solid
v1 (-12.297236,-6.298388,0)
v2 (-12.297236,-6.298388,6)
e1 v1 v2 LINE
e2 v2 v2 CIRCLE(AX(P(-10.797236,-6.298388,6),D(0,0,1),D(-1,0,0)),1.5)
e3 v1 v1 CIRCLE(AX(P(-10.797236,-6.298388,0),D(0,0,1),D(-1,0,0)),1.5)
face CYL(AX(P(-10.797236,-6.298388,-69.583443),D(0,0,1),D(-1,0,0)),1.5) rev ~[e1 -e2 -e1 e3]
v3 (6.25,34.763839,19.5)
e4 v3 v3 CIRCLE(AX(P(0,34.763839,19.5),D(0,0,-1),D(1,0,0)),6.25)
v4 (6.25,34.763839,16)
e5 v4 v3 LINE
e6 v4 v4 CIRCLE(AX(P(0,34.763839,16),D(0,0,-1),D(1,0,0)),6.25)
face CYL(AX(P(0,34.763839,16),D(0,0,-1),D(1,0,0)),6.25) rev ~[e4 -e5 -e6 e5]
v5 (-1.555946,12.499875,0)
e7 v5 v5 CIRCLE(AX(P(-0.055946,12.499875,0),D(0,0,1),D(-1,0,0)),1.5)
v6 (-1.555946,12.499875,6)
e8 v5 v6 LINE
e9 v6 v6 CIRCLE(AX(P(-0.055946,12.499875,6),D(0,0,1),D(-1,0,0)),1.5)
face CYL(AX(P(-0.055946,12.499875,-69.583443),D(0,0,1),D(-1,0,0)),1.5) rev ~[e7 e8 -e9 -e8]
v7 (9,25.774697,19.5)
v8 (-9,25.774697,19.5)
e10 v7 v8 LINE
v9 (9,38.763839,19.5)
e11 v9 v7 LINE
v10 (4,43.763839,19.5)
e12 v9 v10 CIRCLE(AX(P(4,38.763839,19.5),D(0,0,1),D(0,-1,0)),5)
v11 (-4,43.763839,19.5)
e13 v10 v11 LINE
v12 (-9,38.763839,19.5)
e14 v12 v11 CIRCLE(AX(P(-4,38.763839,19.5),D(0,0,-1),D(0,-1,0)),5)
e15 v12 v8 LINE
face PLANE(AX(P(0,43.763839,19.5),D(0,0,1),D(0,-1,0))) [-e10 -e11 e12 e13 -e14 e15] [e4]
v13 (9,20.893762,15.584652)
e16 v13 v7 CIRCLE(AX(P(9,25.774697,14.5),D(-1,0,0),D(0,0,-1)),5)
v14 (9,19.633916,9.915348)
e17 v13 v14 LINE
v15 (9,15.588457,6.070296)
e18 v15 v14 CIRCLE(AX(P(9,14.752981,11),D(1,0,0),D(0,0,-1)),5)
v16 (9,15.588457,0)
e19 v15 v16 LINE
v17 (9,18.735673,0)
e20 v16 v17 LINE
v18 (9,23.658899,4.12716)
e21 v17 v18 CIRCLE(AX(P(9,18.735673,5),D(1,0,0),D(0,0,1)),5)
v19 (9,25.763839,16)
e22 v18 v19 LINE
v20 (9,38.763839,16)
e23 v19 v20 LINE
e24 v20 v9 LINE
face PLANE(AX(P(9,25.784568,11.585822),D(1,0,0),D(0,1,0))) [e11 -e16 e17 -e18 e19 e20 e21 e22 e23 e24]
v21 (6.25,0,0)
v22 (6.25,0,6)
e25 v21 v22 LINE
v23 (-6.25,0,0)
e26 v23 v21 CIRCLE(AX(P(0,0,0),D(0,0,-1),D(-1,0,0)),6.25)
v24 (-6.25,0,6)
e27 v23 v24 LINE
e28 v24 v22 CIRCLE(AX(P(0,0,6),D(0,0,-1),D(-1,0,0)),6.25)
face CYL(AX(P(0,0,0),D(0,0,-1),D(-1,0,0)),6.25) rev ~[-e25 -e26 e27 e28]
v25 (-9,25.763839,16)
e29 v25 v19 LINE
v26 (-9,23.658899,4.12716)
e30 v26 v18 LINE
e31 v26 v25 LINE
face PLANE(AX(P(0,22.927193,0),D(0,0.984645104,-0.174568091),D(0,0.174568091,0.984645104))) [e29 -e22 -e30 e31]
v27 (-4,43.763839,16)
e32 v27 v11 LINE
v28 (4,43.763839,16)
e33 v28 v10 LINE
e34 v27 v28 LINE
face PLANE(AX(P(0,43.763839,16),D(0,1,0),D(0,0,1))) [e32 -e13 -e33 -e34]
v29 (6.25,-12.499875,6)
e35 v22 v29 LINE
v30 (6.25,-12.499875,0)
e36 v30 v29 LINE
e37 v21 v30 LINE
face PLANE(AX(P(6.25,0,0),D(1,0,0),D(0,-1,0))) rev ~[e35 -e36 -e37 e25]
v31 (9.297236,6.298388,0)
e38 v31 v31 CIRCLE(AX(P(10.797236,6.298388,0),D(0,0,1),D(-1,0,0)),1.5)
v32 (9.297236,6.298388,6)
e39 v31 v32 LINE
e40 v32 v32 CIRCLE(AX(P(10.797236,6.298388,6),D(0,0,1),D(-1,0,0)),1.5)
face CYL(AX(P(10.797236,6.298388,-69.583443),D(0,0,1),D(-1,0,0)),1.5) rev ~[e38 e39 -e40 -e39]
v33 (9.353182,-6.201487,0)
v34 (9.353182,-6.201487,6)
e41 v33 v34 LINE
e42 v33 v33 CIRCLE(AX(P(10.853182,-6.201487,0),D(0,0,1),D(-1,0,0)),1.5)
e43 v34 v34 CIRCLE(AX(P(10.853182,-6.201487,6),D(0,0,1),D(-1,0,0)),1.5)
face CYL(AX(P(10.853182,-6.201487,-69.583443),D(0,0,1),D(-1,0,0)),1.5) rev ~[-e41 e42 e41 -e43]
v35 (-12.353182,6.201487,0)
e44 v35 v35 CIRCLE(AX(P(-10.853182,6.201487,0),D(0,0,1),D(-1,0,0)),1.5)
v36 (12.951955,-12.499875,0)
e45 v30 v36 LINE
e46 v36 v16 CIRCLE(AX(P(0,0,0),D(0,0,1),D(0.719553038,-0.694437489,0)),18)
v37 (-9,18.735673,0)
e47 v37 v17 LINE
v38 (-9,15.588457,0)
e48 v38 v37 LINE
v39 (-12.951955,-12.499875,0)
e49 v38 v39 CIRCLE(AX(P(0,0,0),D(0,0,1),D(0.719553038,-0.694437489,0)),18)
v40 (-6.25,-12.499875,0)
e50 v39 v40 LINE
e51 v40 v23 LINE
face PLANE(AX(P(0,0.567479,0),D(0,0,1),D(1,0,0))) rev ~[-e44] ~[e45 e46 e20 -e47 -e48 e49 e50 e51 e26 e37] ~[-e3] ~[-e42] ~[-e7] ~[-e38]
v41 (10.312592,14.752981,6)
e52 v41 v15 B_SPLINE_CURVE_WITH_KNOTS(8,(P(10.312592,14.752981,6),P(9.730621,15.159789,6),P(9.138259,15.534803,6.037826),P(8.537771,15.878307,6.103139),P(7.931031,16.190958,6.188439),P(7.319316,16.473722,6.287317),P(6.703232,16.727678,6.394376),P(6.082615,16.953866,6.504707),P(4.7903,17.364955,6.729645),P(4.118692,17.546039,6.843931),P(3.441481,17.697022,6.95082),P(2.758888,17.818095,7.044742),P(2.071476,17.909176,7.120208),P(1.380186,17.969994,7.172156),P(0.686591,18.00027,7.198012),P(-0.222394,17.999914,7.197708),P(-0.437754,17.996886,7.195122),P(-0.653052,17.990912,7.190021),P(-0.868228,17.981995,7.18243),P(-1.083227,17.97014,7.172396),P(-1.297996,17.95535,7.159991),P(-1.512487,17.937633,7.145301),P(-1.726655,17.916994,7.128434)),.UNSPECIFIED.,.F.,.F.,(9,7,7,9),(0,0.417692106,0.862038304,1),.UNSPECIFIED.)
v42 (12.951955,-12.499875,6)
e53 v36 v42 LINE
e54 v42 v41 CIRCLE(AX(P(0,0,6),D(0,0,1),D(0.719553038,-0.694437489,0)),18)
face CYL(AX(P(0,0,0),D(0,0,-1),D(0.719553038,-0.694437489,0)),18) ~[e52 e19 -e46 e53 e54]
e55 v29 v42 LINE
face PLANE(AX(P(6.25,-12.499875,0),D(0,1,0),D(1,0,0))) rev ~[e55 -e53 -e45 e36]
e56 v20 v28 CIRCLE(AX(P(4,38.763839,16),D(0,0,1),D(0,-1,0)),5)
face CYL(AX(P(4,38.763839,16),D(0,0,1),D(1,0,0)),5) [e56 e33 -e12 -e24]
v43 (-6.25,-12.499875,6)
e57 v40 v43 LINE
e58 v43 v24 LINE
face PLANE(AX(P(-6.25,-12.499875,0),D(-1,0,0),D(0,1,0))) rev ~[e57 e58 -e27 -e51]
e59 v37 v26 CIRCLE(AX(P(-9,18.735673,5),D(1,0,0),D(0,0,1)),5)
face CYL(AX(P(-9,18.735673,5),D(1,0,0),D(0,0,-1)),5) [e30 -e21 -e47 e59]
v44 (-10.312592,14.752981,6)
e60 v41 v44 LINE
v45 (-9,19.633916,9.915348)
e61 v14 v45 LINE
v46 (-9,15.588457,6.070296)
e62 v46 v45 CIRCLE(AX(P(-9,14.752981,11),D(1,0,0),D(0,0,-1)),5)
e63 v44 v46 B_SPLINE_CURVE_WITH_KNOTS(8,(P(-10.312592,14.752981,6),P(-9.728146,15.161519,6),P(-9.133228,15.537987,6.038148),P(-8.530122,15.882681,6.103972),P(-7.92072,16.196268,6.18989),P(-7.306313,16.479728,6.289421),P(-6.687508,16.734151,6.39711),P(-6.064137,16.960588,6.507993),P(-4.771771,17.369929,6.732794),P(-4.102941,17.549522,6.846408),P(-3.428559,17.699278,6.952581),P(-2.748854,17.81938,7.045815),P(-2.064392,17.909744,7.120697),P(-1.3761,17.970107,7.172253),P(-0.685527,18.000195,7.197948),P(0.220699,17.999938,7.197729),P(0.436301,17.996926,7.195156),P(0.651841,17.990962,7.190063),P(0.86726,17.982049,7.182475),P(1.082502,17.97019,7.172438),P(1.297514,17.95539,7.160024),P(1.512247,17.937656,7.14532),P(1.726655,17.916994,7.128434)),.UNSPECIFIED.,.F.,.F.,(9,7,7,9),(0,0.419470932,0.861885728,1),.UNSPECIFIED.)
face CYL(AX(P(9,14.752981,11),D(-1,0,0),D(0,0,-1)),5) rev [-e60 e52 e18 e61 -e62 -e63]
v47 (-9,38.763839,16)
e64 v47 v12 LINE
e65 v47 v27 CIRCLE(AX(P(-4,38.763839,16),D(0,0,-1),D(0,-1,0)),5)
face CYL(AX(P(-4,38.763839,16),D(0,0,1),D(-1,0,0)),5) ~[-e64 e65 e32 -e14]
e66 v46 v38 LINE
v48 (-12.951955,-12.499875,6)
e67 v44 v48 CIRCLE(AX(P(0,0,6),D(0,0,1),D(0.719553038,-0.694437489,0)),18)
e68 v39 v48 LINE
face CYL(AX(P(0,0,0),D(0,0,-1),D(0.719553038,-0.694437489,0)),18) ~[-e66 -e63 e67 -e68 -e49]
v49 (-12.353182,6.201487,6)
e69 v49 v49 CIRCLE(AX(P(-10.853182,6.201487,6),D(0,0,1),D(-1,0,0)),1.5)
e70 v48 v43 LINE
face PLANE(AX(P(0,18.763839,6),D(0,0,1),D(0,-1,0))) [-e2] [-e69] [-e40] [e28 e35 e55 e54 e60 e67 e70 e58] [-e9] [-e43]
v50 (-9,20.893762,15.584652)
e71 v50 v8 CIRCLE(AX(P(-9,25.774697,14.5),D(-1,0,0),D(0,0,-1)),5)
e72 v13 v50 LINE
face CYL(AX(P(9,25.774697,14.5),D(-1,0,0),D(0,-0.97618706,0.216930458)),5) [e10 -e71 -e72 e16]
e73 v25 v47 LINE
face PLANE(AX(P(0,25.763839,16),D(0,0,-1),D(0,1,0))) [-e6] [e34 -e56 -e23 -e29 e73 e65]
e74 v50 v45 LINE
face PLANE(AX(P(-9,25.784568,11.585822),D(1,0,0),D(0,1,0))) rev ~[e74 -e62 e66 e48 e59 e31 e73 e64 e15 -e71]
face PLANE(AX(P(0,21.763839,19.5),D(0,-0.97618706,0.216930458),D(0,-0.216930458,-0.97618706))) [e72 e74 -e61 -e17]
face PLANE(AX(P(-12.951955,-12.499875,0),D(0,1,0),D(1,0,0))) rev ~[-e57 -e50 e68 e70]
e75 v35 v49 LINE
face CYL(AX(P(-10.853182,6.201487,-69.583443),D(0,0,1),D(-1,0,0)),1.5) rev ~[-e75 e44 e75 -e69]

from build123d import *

# Parameters (mm, degrees)
F1_DEPTH      = 6
F3_DEPTH      = 9
F3_DEPTH_BACK = 9
F4_R          = 6.25
F5_DEPTH      = 25
F6_D          = 3
F7_R          = 5


with BuildPart() as f1:
    # F0 (on Top) → F1 (new body)
    with BuildSketch(Plane.XY):
        with BuildLine():
            Line((6.25, -12.4998748011), (12.9519546771, -12.4998748011))
            ThreePointArc((12.9519546771, -12.4998748011), (0, 18), (-12.9519546771, -12.4998748011))
            Line((-12.9519546771, -12.4998748011), (-6.25, -12.4998748011))
            Line((-6.25, -12.4998748011), (-6.25, 0))
            ThreePointArc((-6.25, 0), (0, 6.25), (6.25, 0))
            Line((6.25, 0), (6.25, -12.4998748011))
        make_face()
    extrude(amount=F1_DEPTH)

    # F2 (on Right) → F3 (join, two sides)
    with BuildSketch(Plane.YZ) as f3_sk:
        Polygon((11.0055337464, 0), (22.9271929711, 0), (25.7638388276, 16), (43.7638388276, 16), (43.7638388276, 19.5), (21.7638388276, 19.5), (18.7638388276, 6), (11.0055337464, 6), align=None)
    extrude(amount=F3_DEPTH)
    extrude(f3_sk.sketch, amount=-F3_DEPTH_BACK)

    # F4 (on face) → F5 (cut)
    with BuildSketch(Plane(origin=(0, 0, 16), x_dir=(1, 0, 0), z_dir=(0, 0, -1))):
        with Locations((0, -34.7638388276)):
            Circle(F4_R)
    extrude(amount=-F5_DEPTH, mode=Mode.SUBTRACT)

    # F6 (through all)
    with Locations(Plane(origin=(0, 0, 0), x_dir=(1, 0, 0), z_dir=(0, 0, -1))):
        with Locations((10.7972361083, -6.2983880813), (10.8531821354, 6.2014867198), (-0.0559460271, -12.4998748011), (-10.8531821354, -6.2014867198), (-10.7972361083, 6.2983880813)):
            Hole(F6_D / 2)

    # F7
    f7_edges = [f1.edges().sort_by_distance(p)[0] for p in [
        (0, 18.763839, 6),
        (0, 21.763839, 19.5),
        (0, 22.927193, 0),
        (-9, 43.763839, 17.75),
        (9, 43.763839, 17.75),
    ]]
    fillet(f7_edges, radius=F7_R)


solid = f1.part
